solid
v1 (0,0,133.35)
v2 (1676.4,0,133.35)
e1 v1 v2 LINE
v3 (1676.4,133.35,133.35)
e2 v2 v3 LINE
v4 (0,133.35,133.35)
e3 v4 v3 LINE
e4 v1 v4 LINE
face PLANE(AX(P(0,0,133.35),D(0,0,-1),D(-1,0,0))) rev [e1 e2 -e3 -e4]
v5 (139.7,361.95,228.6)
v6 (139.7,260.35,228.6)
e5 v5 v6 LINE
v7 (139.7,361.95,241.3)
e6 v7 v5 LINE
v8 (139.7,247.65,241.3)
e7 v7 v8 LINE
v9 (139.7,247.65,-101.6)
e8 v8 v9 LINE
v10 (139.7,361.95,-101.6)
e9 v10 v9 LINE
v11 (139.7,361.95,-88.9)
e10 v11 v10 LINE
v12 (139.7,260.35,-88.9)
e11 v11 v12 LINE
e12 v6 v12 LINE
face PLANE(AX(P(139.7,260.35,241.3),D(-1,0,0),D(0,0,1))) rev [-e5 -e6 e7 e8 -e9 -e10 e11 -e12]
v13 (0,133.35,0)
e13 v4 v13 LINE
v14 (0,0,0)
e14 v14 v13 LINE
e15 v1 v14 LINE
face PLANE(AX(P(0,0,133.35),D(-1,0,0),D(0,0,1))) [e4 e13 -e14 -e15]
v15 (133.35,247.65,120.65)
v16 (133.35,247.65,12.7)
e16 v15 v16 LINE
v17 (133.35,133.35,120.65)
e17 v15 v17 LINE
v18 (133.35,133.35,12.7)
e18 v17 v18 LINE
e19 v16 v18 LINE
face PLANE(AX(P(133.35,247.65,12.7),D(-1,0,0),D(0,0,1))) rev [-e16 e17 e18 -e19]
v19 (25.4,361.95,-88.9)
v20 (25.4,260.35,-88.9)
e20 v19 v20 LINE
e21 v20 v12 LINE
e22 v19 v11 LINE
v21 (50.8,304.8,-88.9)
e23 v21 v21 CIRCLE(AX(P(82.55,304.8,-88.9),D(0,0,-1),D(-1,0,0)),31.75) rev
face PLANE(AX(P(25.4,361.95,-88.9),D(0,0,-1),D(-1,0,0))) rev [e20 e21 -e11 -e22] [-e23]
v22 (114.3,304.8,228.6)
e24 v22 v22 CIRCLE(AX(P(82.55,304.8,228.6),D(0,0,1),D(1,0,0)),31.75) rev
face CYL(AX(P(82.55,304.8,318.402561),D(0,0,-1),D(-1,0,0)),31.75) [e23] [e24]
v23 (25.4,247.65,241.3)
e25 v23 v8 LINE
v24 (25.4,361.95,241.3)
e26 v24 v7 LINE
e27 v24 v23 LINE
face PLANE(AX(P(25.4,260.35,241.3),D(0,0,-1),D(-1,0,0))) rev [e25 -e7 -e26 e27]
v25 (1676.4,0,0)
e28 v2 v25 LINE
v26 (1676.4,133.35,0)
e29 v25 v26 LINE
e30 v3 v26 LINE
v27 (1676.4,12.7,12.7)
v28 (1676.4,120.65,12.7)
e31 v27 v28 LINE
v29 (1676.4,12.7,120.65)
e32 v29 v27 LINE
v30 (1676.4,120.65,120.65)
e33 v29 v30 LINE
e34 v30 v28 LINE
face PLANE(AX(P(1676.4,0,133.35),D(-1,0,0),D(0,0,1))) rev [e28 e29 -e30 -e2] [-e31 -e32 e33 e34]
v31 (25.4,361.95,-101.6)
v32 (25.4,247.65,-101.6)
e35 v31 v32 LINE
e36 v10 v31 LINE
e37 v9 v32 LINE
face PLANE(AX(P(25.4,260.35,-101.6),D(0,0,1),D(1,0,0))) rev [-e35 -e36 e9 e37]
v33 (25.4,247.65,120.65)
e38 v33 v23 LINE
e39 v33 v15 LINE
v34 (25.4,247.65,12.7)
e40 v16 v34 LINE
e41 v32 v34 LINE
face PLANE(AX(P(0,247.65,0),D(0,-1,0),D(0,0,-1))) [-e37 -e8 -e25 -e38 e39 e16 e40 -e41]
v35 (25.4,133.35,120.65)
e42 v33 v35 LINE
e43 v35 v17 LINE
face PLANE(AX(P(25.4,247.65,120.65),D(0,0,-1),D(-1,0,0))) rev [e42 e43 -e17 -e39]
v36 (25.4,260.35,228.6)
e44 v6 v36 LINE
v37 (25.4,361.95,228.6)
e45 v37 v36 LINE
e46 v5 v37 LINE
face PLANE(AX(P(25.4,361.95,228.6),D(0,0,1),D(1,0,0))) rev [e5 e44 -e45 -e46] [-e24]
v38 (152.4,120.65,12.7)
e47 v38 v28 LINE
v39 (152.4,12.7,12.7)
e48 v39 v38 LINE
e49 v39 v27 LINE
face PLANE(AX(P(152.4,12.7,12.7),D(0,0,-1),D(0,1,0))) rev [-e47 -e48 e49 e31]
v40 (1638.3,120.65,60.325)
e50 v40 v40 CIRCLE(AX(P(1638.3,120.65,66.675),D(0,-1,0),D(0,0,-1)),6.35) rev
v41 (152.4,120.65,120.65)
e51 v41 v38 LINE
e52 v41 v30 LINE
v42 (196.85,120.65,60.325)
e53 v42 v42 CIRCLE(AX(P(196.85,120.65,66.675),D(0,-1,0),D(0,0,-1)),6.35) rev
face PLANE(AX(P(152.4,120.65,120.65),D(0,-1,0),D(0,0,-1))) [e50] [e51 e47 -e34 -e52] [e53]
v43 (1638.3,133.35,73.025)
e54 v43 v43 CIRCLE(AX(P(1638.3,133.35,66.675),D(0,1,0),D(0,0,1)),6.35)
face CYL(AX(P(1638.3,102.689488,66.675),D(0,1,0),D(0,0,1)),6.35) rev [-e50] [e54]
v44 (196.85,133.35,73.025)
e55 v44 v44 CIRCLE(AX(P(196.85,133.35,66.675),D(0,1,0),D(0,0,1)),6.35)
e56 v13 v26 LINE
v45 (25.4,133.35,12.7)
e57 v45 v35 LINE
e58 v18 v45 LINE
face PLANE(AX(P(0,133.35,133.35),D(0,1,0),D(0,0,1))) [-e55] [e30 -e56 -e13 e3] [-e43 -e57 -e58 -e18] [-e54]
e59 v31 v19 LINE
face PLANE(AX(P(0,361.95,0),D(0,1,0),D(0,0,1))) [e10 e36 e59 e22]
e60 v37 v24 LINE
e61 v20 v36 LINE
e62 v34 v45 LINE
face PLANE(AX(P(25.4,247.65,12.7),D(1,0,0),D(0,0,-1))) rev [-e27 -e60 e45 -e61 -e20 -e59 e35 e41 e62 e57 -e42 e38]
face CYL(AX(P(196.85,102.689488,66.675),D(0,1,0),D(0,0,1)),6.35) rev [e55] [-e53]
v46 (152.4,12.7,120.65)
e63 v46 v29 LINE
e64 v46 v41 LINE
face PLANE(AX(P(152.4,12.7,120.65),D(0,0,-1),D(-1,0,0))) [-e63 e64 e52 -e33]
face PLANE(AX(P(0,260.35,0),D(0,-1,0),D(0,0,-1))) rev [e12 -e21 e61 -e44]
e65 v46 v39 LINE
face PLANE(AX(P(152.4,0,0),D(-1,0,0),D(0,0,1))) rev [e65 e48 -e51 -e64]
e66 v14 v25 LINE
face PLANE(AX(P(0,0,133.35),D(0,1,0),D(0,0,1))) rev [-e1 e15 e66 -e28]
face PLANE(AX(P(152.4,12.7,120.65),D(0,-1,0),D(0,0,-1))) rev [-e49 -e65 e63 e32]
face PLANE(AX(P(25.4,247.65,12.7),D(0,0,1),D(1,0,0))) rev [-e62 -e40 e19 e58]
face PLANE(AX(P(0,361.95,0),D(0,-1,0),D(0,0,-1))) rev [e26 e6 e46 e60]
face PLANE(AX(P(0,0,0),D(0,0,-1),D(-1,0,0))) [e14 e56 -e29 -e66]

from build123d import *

# Parameters (mm, degrees)
SKETCH1_W           = 1676.4
SKETCH1_H           = 133.35
BOSS_EXTRUDE1_DEPTH = 133.35
SKETCH2_W           = 107.95
SKETCH2_H           = 107.95
CUT_EXTRUDE1_DEPTH  = 1524
SKETCH3_W           = 107.95
SKETCH3_H           = 107.95
BOSS_EXTRUDE2_DEPTH = 114.3
SKETCH4_W           = 114.3
SKETCH4_H           = 342.9
BOSS_EXTRUDE3_DEPTH = 12.7
SKETCH5_W           = 114.3
SKETCH5_H           = 12.7
BOSS_EXTRUDE4_DEPTH = 101.6
SKETCH6_R           = 31.75
BOSS_EXTRUDE5_DEPTH = 317.5
SKETCH7_R           = 6.35
CUT_EXTRUDE2_DEPTH  = 12.7


with BuildPart() as part:
    # Sketch1 → Boss-Extrude1 (new body)
    with BuildSketch(Plane.XY):
        with Locations((838.2, 66.675)):
            Rectangle(SKETCH1_W, SKETCH1_H)
    extrude(amount=BOSS_EXTRUDE1_DEPTH)

    # Sketch2 → Cut-Extrude1 (cut)
    with BuildSketch(Plane(origin=(1676.4, 0, 0), x_dir=(0, 0, -1), z_dir=(1, 0, 0))):
        with Locations((-66.675, 66.675)):
            Rectangle(SKETCH2_W, SKETCH2_H)
    extrude(amount=-CUT_EXTRUDE1_DEPTH, mode=Mode.SUBTRACT)

    # Sketch3 → Boss-Extrude2 (add)
    with BuildSketch(Plane(origin=(0, 133.35, 0), x_dir=(1, 0, 0), z_dir=(0, 1, 0))):
        with Locations((79.375, -66.675)):
            Rectangle(SKETCH3_W, SKETCH3_H)
    extrude(amount=BOSS_EXTRUDE2_DEPTH)

    # Sketch4 → Boss-Extrude3 (add)
    with BuildSketch(Plane(origin=(0, 247.65, 0), x_dir=(1, 0, 0), z_dir=(0, 1, 0))):
        with Locations((82.55, -69.85)):
            Rectangle(SKETCH4_W, SKETCH4_H)
    extrude(amount=BOSS_EXTRUDE3_DEPTH)

    # Sketch5 → Boss-Extrude4 (add)
    with BuildSketch(Plane(origin=(0, 260.35, 0), x_dir=(1, 0, 0), z_dir=(0, 1, 0))):
        with Locations((82.55, 95.25)):
            Rectangle(SKETCH5_W, SKETCH5_H)
        with Locations((82.55, -234.95)):
            Rectangle(SKETCH5_W, SKETCH5_H)
    extrude(amount=BOSS_EXTRUDE4_DEPTH)

    # Sketch6 → Boss-Extrude5 (add)
    with BuildSketch(Plane.XY.offset(-88.9)):
        with Locations((82.55, 304.8)):
            Circle(SKETCH6_R)
    extrude(amount=BOSS_EXTRUDE5_DEPTH)

    # Sketch7 → Cut-Extrude2 (cut)
    with BuildSketch(Plane(origin=(0, 133.35, 0), x_dir=(1, 0, 0), z_dir=(0, 1, 0))):
        with Locations((196.85, -66.675)):
            Circle(SKETCH7_R)
        with Locations((1638.3, -66.675)):
            Circle(SKETCH7_R)
    extrude(amount=-CUT_EXTRUDE2_DEPTH, mode=Mode.SUBTRACT)


solid = part.part
